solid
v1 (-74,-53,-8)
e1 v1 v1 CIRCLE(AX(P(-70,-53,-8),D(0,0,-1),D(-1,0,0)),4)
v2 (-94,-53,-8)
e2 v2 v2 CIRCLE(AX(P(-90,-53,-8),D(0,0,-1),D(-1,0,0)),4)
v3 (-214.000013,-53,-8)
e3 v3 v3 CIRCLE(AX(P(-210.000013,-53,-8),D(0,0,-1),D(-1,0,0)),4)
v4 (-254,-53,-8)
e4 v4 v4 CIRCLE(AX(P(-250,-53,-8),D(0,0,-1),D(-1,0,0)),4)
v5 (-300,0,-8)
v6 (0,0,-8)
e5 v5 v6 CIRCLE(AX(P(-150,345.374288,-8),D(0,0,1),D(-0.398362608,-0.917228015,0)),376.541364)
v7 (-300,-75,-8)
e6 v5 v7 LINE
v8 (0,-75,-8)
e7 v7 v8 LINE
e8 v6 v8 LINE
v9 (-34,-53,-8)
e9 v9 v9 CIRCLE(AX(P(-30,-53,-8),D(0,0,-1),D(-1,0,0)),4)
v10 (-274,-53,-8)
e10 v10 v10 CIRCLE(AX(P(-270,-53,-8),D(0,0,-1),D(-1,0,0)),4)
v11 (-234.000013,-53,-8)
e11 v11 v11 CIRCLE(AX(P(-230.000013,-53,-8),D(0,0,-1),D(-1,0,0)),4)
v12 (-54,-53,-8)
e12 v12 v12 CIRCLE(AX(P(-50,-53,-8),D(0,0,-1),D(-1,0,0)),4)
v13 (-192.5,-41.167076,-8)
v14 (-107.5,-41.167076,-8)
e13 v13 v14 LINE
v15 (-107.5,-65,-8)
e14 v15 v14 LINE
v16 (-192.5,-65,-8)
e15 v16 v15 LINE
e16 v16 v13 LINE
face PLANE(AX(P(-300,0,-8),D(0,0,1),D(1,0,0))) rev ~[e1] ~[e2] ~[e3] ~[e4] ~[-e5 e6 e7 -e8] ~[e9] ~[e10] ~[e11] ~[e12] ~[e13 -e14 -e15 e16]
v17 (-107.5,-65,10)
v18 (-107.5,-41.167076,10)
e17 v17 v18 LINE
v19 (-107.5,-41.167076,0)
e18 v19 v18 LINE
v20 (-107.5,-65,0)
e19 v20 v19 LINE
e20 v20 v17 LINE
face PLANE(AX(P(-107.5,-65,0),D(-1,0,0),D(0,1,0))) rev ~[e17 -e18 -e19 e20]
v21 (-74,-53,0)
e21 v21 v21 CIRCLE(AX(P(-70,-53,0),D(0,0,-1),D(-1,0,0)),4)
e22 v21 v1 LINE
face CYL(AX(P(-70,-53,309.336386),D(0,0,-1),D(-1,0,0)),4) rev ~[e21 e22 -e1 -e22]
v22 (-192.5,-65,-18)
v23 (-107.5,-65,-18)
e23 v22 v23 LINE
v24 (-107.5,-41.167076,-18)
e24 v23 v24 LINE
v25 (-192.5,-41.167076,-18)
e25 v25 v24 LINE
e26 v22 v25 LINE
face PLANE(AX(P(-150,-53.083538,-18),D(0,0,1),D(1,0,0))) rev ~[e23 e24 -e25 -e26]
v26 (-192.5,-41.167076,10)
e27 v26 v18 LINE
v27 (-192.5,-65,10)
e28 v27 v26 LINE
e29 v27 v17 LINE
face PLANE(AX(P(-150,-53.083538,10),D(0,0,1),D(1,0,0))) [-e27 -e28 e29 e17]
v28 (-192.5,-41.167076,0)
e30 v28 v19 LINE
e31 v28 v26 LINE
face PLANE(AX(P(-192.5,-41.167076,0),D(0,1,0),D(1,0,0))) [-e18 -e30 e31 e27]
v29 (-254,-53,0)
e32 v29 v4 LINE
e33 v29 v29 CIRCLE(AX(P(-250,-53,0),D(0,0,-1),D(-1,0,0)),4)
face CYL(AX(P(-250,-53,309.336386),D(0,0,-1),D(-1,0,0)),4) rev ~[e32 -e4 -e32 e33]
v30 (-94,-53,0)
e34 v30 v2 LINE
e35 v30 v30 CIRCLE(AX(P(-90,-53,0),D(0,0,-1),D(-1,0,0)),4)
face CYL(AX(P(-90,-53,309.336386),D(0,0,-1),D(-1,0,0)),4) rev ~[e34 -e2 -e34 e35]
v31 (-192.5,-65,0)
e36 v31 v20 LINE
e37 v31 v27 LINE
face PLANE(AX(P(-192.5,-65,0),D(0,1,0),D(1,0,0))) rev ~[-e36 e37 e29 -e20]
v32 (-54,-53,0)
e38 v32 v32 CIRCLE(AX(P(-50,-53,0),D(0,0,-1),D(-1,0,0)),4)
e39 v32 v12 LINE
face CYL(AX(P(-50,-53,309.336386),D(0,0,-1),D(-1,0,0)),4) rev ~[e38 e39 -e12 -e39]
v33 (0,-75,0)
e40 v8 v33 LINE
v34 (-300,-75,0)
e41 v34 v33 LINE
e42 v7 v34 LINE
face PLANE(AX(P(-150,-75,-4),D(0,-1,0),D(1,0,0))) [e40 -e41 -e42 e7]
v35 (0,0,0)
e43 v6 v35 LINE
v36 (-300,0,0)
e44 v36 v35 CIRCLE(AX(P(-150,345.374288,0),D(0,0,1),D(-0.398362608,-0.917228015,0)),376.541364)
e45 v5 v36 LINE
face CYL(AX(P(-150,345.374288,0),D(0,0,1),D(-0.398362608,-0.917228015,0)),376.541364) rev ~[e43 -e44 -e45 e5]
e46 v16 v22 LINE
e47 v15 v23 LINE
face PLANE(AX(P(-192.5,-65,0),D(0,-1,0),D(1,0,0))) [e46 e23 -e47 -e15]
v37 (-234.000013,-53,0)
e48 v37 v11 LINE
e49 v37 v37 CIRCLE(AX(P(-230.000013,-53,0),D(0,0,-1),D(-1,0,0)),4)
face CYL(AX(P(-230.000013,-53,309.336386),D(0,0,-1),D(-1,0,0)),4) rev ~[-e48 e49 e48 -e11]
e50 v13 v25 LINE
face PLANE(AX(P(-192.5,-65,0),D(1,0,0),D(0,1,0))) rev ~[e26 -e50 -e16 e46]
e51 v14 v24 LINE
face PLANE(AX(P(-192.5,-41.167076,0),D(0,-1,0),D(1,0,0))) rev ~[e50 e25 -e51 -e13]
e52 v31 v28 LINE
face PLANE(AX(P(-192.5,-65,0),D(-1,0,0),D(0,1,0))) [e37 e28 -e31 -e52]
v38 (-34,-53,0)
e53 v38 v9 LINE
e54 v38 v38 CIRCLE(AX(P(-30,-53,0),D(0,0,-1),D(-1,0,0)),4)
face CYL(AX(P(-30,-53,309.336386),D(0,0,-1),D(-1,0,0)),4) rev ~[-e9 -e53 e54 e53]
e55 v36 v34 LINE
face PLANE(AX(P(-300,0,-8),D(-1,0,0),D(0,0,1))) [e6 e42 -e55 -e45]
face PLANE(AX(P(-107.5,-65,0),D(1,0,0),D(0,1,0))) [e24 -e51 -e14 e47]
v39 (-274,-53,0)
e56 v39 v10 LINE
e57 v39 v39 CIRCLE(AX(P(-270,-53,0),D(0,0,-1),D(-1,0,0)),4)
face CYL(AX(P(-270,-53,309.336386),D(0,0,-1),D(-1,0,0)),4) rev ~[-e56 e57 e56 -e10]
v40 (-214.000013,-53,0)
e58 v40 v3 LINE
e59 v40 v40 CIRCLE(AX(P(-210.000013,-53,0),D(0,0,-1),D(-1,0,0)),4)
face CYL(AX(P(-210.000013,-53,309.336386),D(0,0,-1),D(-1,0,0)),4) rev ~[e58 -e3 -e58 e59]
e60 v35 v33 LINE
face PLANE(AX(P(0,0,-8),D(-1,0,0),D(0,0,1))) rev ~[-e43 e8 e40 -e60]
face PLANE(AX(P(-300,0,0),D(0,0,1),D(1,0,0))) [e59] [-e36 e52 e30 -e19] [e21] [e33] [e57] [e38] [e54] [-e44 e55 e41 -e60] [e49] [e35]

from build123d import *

# Parameters (mm, degrees)
F4_W          = 300
F4_H          = 8
F0_DEPTH      = 75
F5_DEPTH      = 25
F6_D          = 8
F7_W          = 85
F7_H          = 23.832924
F3_DEPTH      = 10
F3_DEPTH_BACK = 18


with BuildPart() as f0:
    # F4 (on Front) → F0 (new body)
    with BuildSketch(Plane.XZ):
        with Locations((-150, -4)):
            Rectangle(F4_W, F4_H)
    extrude(amount=F0_DEPTH)

    # F1 (on face) → F5 (cut)
    with BuildSketch(Plane.XY):
        with BuildLine():
            Line((0, 0), (-300, 0))
            ThreePointArc((-300, 0), (-150, -31.167076), (0, 0))
        make_face()
    extrude(amount=-F5_DEPTH, mode=Mode.SUBTRACT)

    # F6 (through all)
    with Locations(Plane.XY):
        with Locations((-270, -53), (-250, -53), (-230.000013, -53), (-210.000013, -53), (-90, -53), (-70, -53), (-50, -53), (-30, -53)):
            Hole(F6_D / 2)

    # F7 (on face) → F3 (join, two sides)
    with BuildSketch(Plane.XY) as f3_sk:
        with Locations((-150, -53.083538)):
            Rectangle(F7_W, F7_H)
    extrude(amount=F3_DEPTH)
    extrude(f3_sk.sketch, amount=-F3_DEPTH_BACK)


solid = f0.part
